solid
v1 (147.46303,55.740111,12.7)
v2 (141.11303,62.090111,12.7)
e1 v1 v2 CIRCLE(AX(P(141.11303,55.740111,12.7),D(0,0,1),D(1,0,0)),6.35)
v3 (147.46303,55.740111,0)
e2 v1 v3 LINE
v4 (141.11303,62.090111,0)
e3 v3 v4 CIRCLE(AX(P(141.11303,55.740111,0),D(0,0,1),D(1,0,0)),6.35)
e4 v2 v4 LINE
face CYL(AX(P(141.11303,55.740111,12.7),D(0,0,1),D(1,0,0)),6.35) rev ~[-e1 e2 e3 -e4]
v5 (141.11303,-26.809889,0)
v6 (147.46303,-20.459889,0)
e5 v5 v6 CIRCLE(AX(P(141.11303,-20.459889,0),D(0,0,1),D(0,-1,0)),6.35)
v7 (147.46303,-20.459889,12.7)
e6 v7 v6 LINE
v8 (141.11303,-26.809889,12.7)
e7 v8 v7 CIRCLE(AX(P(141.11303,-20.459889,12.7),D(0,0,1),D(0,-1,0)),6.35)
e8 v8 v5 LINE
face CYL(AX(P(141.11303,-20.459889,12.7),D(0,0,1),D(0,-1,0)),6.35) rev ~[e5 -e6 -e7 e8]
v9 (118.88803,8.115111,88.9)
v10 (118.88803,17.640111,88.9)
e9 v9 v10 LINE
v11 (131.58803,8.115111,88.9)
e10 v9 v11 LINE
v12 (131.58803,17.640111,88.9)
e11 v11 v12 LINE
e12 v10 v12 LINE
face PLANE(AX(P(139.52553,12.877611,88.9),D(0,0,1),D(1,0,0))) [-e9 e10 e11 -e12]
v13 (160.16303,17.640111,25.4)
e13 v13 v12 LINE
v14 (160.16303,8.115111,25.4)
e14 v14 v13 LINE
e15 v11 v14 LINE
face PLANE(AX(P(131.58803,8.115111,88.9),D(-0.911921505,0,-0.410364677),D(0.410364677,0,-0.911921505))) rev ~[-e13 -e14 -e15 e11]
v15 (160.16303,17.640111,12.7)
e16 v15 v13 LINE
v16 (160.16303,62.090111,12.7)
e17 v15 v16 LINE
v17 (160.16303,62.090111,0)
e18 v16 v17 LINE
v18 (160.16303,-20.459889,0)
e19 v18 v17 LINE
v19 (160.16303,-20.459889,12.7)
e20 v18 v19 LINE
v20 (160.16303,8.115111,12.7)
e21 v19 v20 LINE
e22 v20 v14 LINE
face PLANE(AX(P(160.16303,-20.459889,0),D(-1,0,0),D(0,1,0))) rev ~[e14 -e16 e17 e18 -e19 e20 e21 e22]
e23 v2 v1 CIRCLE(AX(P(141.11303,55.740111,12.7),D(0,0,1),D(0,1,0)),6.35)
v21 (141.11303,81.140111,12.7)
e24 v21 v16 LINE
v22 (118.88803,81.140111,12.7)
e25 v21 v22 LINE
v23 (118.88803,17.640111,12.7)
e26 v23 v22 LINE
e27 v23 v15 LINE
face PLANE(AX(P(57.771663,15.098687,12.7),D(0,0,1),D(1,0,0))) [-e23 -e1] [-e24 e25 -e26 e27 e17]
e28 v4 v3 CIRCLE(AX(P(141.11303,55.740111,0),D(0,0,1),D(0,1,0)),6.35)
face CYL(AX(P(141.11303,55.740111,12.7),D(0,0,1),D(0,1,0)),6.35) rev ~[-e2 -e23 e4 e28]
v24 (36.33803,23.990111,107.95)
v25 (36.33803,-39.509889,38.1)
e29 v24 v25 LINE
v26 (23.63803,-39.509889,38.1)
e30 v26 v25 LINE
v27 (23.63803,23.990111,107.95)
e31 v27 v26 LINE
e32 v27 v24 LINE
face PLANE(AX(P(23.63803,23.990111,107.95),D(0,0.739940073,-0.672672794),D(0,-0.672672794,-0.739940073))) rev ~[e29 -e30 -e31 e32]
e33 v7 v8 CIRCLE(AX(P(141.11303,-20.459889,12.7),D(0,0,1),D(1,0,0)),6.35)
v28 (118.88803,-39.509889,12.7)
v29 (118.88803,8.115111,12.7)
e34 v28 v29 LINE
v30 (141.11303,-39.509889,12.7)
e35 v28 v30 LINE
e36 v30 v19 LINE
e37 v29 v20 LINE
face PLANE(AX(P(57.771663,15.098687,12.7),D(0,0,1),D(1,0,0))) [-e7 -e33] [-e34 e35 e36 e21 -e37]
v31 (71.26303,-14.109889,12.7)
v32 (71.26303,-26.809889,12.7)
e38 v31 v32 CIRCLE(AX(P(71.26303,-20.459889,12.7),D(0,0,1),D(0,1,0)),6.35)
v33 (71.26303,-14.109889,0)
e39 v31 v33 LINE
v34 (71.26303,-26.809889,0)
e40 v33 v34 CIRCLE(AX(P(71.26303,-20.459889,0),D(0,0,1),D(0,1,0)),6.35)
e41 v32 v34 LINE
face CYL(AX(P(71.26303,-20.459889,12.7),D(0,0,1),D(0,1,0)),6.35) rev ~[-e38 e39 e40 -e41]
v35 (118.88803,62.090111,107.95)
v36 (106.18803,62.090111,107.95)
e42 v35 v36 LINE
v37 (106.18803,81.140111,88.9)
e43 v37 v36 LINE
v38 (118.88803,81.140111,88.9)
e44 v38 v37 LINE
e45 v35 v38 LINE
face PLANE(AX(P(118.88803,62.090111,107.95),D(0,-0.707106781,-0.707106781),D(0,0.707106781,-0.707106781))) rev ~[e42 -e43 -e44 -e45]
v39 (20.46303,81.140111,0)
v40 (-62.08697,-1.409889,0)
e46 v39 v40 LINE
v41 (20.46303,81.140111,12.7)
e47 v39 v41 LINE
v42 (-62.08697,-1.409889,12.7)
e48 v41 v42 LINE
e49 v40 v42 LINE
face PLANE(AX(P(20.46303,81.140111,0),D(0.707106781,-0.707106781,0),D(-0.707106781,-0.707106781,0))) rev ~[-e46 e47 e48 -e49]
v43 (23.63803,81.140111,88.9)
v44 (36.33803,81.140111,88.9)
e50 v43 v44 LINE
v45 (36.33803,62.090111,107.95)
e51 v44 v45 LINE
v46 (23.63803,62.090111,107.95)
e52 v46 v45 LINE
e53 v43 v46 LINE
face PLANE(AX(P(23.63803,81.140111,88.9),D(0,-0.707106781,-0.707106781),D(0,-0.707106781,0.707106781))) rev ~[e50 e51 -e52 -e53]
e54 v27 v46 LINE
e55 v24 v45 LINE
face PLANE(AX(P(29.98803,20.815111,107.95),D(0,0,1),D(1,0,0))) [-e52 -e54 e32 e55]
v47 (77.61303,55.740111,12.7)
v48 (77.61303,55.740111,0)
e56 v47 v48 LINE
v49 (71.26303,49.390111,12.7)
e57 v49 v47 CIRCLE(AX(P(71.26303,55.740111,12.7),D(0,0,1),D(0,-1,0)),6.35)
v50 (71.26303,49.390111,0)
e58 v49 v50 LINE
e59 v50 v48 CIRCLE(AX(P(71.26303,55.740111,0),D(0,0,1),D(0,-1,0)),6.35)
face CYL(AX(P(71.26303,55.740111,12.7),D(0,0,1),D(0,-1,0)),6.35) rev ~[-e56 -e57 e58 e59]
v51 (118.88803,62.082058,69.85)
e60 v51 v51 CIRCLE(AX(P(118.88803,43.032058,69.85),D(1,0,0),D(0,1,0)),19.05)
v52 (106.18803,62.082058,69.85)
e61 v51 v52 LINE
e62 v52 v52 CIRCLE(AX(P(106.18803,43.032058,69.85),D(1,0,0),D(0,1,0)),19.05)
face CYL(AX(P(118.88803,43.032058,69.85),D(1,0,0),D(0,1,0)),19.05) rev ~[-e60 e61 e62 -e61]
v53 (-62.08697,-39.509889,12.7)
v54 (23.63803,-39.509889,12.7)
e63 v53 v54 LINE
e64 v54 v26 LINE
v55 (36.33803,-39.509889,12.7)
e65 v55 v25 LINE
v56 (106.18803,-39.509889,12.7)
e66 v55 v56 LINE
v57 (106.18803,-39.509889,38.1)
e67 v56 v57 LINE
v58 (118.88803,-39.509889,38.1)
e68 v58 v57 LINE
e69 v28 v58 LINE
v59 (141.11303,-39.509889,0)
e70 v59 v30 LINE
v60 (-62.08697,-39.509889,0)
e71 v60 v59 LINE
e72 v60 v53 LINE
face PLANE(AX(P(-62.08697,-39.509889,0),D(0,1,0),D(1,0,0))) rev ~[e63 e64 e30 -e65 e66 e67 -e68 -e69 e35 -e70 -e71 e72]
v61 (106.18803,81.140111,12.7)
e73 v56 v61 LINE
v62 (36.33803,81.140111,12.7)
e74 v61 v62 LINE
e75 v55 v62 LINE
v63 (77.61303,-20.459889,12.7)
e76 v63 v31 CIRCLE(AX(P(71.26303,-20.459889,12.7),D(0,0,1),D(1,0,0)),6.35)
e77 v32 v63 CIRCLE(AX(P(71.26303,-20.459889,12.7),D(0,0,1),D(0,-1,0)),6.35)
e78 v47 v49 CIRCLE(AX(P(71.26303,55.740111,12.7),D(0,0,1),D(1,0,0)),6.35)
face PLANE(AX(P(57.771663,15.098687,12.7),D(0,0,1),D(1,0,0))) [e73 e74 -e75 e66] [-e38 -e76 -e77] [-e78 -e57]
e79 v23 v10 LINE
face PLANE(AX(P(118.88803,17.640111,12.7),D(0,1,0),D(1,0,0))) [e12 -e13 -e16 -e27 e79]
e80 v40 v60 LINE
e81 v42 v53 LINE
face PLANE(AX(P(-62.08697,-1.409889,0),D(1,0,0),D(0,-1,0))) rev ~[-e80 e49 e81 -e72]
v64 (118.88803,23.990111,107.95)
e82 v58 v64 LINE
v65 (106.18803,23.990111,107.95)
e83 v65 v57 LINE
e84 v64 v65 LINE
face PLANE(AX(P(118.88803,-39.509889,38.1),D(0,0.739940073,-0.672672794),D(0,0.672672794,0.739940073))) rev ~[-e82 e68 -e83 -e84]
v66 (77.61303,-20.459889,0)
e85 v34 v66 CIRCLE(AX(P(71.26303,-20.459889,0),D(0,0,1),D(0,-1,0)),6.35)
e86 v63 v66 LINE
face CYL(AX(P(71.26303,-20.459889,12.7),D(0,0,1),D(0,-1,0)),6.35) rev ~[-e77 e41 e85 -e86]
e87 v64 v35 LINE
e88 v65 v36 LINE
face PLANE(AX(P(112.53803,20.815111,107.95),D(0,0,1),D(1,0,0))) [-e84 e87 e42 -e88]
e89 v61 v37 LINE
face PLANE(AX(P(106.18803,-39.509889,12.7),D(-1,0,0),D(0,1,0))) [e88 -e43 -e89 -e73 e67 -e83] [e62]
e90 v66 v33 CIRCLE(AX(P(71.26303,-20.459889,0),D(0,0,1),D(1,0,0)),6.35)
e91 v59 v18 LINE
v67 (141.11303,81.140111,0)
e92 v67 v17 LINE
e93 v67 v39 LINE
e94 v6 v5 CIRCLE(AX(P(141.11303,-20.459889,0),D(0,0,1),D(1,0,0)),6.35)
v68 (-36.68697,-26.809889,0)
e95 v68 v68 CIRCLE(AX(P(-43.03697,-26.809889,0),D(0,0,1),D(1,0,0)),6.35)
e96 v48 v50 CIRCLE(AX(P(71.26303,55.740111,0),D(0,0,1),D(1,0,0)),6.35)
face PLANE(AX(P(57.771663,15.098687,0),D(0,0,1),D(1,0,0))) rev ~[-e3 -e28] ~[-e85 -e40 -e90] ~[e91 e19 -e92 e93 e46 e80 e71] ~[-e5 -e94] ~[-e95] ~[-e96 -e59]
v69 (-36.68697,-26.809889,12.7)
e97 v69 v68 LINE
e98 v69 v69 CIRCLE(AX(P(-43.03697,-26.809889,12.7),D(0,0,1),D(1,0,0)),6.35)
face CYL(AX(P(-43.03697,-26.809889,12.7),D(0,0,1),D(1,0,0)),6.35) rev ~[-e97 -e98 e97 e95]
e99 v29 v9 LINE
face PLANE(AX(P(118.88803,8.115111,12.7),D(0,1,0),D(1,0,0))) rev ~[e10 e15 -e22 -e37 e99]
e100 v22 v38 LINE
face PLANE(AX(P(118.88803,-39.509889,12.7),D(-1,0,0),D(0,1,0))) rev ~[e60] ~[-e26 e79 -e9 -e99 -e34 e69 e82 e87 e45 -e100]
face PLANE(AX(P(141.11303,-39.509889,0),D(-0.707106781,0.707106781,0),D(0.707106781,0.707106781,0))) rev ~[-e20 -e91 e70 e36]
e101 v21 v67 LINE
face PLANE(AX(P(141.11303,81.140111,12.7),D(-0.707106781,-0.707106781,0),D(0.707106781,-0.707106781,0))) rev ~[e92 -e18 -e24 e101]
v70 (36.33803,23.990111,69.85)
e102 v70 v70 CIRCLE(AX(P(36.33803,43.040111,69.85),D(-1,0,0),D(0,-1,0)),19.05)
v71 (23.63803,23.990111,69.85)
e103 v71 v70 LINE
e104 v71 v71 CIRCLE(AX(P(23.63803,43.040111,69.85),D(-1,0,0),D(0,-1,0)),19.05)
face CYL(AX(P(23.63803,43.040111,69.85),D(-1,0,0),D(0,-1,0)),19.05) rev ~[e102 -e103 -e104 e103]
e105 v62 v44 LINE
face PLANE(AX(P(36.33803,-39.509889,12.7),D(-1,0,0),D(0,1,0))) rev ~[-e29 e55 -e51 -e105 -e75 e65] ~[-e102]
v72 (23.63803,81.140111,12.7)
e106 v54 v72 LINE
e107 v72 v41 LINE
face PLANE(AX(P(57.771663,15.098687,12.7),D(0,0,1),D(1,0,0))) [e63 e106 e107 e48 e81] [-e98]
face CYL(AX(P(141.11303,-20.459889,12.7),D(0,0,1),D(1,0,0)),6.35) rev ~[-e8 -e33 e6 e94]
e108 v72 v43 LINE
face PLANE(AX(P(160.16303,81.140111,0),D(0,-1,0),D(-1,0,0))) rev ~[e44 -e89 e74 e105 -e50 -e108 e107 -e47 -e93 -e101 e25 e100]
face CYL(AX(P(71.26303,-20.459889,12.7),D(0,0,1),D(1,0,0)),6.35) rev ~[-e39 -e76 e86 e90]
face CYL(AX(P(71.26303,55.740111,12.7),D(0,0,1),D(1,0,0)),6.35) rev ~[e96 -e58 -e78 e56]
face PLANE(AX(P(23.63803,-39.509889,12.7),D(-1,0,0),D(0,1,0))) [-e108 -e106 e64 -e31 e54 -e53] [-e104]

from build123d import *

# Parameters (mm, degrees)
F1_DEPTH  = 12.7
F3_DEPTH  = 25.4
F4_W      = 12.7
F4_H      = 120.65
F5_DEPTH  = 95.25
F7_DEPTH  = 25.4
F9_DEPTH  = 25.4
F11_DEPTH = 25.4
F12_W     = 41.275
F12_H     = 9.525
F13_DEPTH = 76.2
F15_DEPTH = 25.4
F17_DEPTH = 25.4
F19_DEPTH = 25.4
F21_DEPTH = 25.4
F23_DEPTH = 25.4
F24_R     = 19.05
F25_DEPTH = 25.4
F27_DEPTH = 25.4


with BuildPart() as f1:
    # F0 (on Top) → F1 (new body)
    with BuildSketch(Plane.XY):
        Polygon((20.463030386, 81.1401112616), (-62.086969614, -1.4098887384), (-62.086969614, -39.5098887384), (141.113030386, -39.5098887384), (160.163030386, -20.4598887384), (160.163030386, 81.1401112616), (71.263030386, 81.1401112616), (36.338030386, 81.1401112616), align=None)
    extrude(amount=F1_DEPTH)

    # F2 (on face) → F3 (cut)
    with BuildSketch(Plane.XY.offset(12.7)):
        Polygon((160.163030386, 62.0901112616), (160.163030386, 81.1401112616), (141.113030386, 81.1401112616), align=None)
    extrude(amount=-F3_DEPTH, mode=Mode.SUBTRACT)

    # F4 (on face) → F5 (join)
    with BuildSketch(Plane.XY.offset(12.7)):
        with Locations((112.538030386, 20.8151112616)):
            Rectangle(F4_W, F4_H)
        with Locations((29.988030386, 20.8151112616)):
            Rectangle(F4_W, F4_H)
    extrude(amount=F5_DEPTH)

    # F6 (on face) → F7 (cut)
    with BuildSketch(Plane(origin=(23.638030386, 0, 0), x_dir=(0, -1, 0), z_dir=(-1, 0, 0))):
        Polygon((-62.0901112616, 107.95), (-81.1401112616, 107.95), (-81.1401112616, 88.9), align=None)
    extrude(amount=-F7_DEPTH, mode=Mode.SUBTRACT)

    # F8 (on face) → F9 (cut)
    with BuildSketch(Plane(origin=(23.638030386, 0, 0), x_dir=(0, -1, 0), z_dir=(-1, 0, 0))):
        Polygon((39.5098887384, 107.95), (-23.9901112616, 107.95), (39.5098887384, 38.1), align=None)
    extrude(amount=-F9_DEPTH, mode=Mode.SUBTRACT)

    # F10 (on face) → F11 (cut)
    with BuildSketch(Plane.YZ.offset(118.888030386)):
        Polygon((-39.5098887384, 38.1), (23.9901112616, 107.95), (-39.5098887384, 107.95), align=None)
        Polygon((62.0901112616, 107.95), (81.1401112616, 88.9), (81.1401112616, 107.95), align=None)
    extrude(amount=-F11_DEPTH, mode=Mode.SUBTRACT)

    # F12 (on face) → F13 (join)
    with BuildSketch(Plane.XY.offset(12.7)):
        with Locations((139.525530386, 12.8776112616)):
            Rectangle(F12_W, F12_H)
    extrude(amount=F13_DEPTH)

    # F14 (on face) → F15 (cut)
    with BuildSketch(Plane.XZ.offset(-8.1151112616)):
        Polygon((160.163030386, 88.9), (131.588030386, 88.9), (160.163030386, 25.4), align=None)
    extrude(amount=-F15_DEPTH, mode=Mode.SUBTRACT)

    # F16 (on face) → F17 (cut)
    with BuildSketch(Plane.XY.offset(12.7)):
        with BuildLine():
            ThreePointArc((-49.386969614, -26.8098887384), (-43.036969614, -33.1598887384), (-36.686969614, -26.8098887384))
            ThreePointArc((-36.686969614, -26.8098887384), (-43.036969614, -20.4598887384), (-49.386969614, -26.8098887384))
        make_face()
    extrude(amount=-F17_DEPTH, mode=Mode.SUBTRACT)

    # F18 (on face) → F19 (cut)
    with BuildSketch(Plane.XY.offset(12.7)):
        with BuildLine():
            ThreePointArc((141.113030386, -26.8098887384), (145.6031584465, -24.9500167989), (147.463030386, -20.4598887384))
            ThreePointArc((147.463030386, -20.4598887384), (136.6229023254, -15.9697606779), (141.113030386, -26.8098887384))
        make_face()
    extrude(amount=-F19_DEPTH, mode=Mode.SUBTRACT)

    # F20 (on face) → F21 (cut)
    with BuildSketch(Plane.XY.offset(12.7)):
        with BuildLine():
            ThreePointArc((147.463030386, 55.7401112616), (145.6031584465, 60.2302393221), (141.113030386, 62.0901112616))
            ThreePointArc((141.113030386, 62.0901112616), (136.6229023254, 51.2499832011), (147.463030386, 55.7401112616))
        make_face()
    extrude(amount=-F21_DEPTH, mode=Mode.SUBTRACT)

    # F22 (on face) → F23 (cut)
    with BuildSketch(Plane.XY.offset(12.7)):
        with BuildLine():
            ThreePointArc((71.263030386, -14.1098887384), (64.913030386, -20.4598887384), (71.263030386, -26.8098887384))
            Line((71.263030386, -26.8098887384), (71.263030386, -20.4598887384))
            Line((71.263030386, -20.4598887384), (71.263030386, -14.1098887384))
        make_face()
        with BuildLine():
            ThreePointArc((77.613030386, 55.7401112616), (66.7729023254, 60.2302393221), (71.263030386, 49.3901112616))
            ThreePointArc((71.263030386, 49.3901112616), (75.7531584465, 51.2499832011), (77.613030386, 55.7401112616))
        make_face()
        with BuildLine():
            Line((71.263030386, -20.4598887384), (71.263030386, -26.8098887384))
            ThreePointArc((71.263030386, -26.8098887384), (75.7531584465, -24.9500167989), (77.613030386, -20.4598887384))
            ThreePointArc((77.613030386, -20.4598887384), (75.7531584465, -15.9697606779), (71.263030386, -14.1098887384))
            Line((71.263030386, -14.1098887384), (71.263030386, -20.4598887384))
        make_face()
    extrude(amount=-F23_DEPTH, mode=Mode.SUBTRACT)

    # F24 (on face) → F25 (cut)
    with BuildSketch(Plane.YZ.offset(118.888030386)):
        with Locations((43.0320575833, 69.85)):
            Circle(F24_R)
    extrude(amount=-F25_DEPTH, mode=Mode.SUBTRACT)

    # F26 (on face) → F27 (cut)
    with BuildSketch(Plane(origin=(23.638030386, 0, 0), x_dir=(0, -1, 0), z_dir=(-1, 0, 0))):
        with BuildLine():
            ThreePointArc((-62.0901112616, 69.85), (-43.0401112616, 50.8), (-23.9901112616, 69.85))
            ThreePointArc((-23.9901112616, 69.85), (-43.0401112616, 88.9), (-62.0901112616, 69.85))
        make_face()
    extrude(amount=-F27_DEPTH, mode=Mode.SUBTRACT)


solid = f1.part
